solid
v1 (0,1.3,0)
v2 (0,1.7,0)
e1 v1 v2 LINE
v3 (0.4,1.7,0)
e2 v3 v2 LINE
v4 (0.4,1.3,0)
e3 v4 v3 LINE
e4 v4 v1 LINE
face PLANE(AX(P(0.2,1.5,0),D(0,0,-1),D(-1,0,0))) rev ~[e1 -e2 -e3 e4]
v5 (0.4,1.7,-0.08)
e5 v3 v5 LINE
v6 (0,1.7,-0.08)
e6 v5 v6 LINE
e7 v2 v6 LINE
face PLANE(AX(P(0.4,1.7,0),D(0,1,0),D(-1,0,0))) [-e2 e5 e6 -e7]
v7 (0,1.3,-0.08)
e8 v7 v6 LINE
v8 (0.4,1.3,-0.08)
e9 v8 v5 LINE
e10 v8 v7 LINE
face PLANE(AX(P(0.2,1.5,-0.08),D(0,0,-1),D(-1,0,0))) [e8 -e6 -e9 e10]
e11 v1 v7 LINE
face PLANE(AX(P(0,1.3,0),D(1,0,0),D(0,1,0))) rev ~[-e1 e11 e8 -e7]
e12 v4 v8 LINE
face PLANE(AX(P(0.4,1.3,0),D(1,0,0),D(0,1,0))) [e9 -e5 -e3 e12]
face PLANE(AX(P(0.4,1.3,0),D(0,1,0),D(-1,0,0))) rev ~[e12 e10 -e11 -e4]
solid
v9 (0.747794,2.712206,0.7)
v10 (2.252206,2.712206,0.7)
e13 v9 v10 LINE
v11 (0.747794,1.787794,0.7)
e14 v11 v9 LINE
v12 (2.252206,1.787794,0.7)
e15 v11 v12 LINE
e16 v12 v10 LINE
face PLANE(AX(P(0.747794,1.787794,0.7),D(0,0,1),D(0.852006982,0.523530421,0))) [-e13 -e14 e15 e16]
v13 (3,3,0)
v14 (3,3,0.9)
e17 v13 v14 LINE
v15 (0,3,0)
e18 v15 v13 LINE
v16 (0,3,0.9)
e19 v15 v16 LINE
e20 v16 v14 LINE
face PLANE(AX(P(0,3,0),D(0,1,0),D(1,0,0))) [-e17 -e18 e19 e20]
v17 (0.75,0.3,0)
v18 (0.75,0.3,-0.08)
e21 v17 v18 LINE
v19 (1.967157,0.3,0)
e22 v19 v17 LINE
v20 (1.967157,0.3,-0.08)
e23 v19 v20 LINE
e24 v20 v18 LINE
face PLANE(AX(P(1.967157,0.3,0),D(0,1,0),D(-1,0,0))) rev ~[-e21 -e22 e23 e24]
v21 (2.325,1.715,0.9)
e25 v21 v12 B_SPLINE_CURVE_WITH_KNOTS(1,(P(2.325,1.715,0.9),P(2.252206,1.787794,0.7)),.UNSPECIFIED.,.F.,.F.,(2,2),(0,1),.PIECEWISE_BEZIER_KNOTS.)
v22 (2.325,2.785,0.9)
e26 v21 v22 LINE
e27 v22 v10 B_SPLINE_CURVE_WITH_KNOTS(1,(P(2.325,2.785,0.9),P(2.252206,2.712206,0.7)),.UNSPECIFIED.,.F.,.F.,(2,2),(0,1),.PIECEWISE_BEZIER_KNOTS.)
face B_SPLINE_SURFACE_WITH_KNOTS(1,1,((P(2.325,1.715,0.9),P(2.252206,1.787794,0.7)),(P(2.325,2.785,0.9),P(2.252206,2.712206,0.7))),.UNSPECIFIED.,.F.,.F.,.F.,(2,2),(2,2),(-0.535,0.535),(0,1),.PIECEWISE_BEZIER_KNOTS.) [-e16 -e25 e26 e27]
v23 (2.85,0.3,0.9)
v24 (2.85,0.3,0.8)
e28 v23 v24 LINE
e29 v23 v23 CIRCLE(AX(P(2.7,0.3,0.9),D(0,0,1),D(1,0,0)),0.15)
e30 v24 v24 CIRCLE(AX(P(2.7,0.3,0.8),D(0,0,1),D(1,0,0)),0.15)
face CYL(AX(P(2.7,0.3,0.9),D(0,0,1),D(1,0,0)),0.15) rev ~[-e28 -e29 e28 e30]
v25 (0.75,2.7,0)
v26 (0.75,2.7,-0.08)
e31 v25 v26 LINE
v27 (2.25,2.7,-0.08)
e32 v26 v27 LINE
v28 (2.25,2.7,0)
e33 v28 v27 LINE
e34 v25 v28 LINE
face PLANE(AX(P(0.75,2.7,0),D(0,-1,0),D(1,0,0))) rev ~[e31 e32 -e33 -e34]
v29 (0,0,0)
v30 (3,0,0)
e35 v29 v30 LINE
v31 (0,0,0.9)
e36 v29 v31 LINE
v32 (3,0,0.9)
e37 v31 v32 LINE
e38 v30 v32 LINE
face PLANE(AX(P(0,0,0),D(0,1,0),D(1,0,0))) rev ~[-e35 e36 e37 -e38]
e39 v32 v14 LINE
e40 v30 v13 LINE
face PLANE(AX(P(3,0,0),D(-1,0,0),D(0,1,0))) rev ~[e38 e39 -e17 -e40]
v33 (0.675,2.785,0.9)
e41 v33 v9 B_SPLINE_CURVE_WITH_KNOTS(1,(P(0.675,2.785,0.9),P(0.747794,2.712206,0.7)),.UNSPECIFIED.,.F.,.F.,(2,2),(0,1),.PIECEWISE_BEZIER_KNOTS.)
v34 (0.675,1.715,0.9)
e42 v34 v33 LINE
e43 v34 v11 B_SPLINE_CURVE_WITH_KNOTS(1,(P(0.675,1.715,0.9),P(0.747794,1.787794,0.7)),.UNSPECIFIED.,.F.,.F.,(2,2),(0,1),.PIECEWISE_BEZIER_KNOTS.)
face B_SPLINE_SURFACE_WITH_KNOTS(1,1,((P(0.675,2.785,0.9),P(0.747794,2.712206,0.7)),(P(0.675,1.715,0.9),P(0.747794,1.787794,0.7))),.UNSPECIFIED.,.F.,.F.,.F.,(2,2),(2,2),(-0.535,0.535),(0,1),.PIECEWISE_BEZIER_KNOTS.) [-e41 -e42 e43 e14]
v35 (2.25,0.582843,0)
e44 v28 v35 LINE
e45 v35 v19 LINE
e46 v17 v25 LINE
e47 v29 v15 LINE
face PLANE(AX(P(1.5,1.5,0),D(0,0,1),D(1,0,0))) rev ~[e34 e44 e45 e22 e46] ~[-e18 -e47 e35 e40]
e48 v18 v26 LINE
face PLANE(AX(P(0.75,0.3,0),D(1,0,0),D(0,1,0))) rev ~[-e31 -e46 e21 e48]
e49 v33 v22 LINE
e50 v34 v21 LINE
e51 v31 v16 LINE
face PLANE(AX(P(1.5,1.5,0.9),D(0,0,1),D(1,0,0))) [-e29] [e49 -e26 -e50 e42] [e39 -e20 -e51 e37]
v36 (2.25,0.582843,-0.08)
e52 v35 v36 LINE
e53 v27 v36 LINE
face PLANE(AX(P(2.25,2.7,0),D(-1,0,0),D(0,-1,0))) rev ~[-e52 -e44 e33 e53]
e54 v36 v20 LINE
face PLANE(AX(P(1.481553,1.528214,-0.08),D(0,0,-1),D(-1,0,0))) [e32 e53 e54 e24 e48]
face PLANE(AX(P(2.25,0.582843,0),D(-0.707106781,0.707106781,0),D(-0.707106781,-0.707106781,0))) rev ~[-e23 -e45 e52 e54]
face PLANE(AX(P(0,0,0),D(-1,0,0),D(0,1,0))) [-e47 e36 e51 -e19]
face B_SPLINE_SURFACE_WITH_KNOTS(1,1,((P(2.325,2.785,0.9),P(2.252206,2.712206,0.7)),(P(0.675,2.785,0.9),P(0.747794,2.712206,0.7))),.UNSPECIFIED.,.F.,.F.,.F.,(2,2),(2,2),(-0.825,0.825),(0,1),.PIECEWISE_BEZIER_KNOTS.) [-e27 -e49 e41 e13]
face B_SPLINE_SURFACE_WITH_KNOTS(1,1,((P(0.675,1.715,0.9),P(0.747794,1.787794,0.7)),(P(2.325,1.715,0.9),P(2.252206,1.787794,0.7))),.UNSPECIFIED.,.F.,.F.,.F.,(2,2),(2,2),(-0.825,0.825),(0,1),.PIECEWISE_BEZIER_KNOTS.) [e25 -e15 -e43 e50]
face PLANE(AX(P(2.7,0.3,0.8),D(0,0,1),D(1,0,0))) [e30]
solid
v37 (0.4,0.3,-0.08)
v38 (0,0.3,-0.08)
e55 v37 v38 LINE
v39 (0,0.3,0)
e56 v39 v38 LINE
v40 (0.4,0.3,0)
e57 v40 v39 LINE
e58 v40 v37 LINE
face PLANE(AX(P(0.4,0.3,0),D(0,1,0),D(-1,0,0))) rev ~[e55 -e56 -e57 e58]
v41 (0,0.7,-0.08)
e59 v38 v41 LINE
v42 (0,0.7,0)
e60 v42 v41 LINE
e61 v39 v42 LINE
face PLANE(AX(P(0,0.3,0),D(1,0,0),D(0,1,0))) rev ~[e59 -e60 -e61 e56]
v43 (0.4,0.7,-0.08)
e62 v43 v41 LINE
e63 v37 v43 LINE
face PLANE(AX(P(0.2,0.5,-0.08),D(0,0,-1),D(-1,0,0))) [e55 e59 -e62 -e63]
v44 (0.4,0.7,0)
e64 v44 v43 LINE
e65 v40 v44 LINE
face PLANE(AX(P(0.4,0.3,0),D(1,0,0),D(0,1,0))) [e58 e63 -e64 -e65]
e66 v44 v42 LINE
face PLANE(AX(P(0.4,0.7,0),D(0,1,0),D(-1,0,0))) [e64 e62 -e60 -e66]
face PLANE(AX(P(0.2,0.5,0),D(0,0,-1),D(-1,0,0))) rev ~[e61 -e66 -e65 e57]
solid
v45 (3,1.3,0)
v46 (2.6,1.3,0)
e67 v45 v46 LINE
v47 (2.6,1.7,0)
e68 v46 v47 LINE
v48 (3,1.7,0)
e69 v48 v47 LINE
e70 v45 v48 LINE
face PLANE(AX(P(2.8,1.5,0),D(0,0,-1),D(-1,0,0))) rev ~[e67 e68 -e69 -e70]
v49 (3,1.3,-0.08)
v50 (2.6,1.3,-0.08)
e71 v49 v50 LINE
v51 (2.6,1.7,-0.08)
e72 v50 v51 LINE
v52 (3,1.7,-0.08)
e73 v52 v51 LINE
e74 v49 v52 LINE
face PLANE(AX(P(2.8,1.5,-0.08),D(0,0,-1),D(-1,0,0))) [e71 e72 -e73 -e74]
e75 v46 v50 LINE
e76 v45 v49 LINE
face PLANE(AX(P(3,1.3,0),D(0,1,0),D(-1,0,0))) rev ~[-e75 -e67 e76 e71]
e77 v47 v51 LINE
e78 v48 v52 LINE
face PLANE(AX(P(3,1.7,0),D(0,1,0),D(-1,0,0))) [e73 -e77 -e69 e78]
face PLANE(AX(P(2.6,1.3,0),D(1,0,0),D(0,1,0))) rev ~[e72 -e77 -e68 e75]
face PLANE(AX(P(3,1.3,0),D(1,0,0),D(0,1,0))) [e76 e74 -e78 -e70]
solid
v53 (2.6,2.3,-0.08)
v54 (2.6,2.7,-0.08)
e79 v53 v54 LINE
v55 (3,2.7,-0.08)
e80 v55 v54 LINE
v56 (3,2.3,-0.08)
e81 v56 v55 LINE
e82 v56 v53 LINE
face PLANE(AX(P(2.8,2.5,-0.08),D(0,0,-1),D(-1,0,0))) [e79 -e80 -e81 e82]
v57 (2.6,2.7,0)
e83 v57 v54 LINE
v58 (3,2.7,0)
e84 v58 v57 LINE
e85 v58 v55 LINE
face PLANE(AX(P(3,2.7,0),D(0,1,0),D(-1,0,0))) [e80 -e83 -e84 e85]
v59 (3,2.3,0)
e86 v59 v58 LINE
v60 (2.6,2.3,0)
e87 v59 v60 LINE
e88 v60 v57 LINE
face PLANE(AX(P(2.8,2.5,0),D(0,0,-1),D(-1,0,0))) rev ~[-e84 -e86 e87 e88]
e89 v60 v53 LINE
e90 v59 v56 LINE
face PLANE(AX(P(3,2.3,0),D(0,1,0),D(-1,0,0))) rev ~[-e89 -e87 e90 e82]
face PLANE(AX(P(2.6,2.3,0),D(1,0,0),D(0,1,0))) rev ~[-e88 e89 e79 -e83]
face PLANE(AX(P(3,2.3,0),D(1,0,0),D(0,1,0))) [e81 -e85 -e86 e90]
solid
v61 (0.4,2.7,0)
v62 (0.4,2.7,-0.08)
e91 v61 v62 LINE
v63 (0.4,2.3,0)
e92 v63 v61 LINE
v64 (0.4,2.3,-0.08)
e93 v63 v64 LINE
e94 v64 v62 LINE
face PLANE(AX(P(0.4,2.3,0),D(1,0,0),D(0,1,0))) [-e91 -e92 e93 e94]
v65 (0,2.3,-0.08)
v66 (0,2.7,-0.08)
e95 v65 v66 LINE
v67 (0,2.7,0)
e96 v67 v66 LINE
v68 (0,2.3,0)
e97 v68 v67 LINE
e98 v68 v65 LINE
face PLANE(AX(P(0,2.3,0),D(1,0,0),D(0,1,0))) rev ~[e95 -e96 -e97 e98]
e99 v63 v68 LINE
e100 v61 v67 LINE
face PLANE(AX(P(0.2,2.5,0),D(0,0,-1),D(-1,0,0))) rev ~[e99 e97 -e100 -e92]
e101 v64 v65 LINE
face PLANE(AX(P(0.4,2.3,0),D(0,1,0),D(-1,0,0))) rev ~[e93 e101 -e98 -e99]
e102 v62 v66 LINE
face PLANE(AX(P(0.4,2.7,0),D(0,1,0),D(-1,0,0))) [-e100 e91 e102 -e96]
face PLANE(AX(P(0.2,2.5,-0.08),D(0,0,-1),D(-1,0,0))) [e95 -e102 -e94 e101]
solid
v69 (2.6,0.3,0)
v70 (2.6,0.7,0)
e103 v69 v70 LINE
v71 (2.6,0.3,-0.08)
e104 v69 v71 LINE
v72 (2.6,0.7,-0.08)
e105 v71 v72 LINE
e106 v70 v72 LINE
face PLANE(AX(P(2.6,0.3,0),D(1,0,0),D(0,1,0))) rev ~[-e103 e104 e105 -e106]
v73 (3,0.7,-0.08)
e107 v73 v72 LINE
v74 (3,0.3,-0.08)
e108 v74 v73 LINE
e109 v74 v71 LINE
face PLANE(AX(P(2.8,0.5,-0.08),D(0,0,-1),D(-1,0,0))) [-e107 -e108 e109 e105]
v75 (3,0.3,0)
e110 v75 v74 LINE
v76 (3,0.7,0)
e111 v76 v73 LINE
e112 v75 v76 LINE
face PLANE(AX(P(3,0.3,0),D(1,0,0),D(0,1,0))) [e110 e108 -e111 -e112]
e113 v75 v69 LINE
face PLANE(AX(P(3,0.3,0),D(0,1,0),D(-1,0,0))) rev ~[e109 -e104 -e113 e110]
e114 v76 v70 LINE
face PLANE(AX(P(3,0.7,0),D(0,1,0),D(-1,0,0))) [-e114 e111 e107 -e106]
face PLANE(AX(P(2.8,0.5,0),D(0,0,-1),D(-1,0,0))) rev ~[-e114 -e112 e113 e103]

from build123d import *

# Parameters (mm, degrees)
SKETCH1_W             = 3
SKETCH1_H             = 3
BOSS_EXTRUDE1_DEPTH   = 0.9
SKETCH2_W             = 1.65
SKETCH2_H             = 1.07
CUT_EXTRUDE1_DEPTH    = 0.2
CUT_EXTRUDE1_TAPER    = 20
BOSS_EXTRUDE2_DEPTH   = 0.08
SKETCH4_W             = 0.4
SKETCH4_H             = 0.4
BOSS_EXTRUDE3_DEPTH   = 0.08
BOSS_EXTRUDE3_2_DEPTH = 0.08
BOSS_EXTRUDE3_3_DEPTH = 0.08
BOSS_EXTRUDE3_4_DEPTH = 0.08
BOSS_EXTRUDE3_5_DEPTH = 0.08
BOSS_EXTRUDE3_6_DEPTH = 0.08
SKETCH5_R             = 0.15
CUT_EXTRUDE2_DEPTH    = 0.1


with BuildPart() as part:
    # Sketch1 → Boss-Extrude1 (new body)
    with BuildSketch(Plane.XY):
        with Locations((1.5, 1.5)):
            Rectangle(SKETCH1_W, SKETCH1_H)
    extrude(amount=BOSS_EXTRUDE1_DEPTH)

    # Sketch2 → Cut-Extrude1 (cut)
    with BuildSketch(Plane.XY.offset(0.9)):
        with Locations((1.5, 2.25)):
            Rectangle(SKETCH2_W, SKETCH2_H)
    extrude(amount=-CUT_EXTRUDE1_DEPTH, taper=CUT_EXTRUDE1_TAPER, mode=Mode.SUBTRACT)

    # Sketch3 → Boss-Extrude2 (add)
    with BuildSketch(Plane(origin=(0, 0, 0), x_dir=(-1, 0, 0), z_dir=(0, 0, -1))):
        Polygon((-2.25, 0.582842712), (-1.967157288, 0.3), (-0.75, 0.3), (-0.75, 2.7), (-2.25, 2.7), align=None)
    extrude(amount=BOSS_EXTRUDE2_DEPTH)

    # Sketch5 → Cut-Extrude2 (cut)
    with BuildSketch(Plane.XY.offset(0.9)):
        with Locations((2.7, 0.3)):
            Circle(SKETCH5_R)
    extrude(amount=-CUT_EXTRUDE2_DEPTH, mode=Mode.SUBTRACT)


with BuildPart() as body_2:
    # Sketch4 → Boss-Extrude3 (new body)
    with BuildSketch(Plane(origin=(0, 0, 0), x_dir=(-1, 0, 0), z_dir=(0, 0, -1))):
        with Locations((-2.8, 0.5)):
            Rectangle(SKETCH4_W, SKETCH4_H)
    extrude(amount=BOSS_EXTRUDE3_DEPTH)


with BuildPart() as body_3:
    # Sketch4 → Boss-Extrude3 2 (new body)
    with BuildSketch(Plane(origin=(0, 0, 0), x_dir=(-1, 0, 0), z_dir=(0, 0, -1))):
        with Locations((-2.8, 1.5)):
            Rectangle(SKETCH4_W, SKETCH4_H)
    extrude(amount=BOSS_EXTRUDE3_2_DEPTH)


with BuildPart() as body_4:
    # Sketch4 → Boss-Extrude3 3 (new body)
    with BuildSketch(Plane(origin=(0, 0, 0), x_dir=(-1, 0, 0), z_dir=(0, 0, -1))):
        with Locations((-2.8, 2.5)):
            Rectangle(SKETCH4_W, SKETCH4_H)
    extrude(amount=BOSS_EXTRUDE3_3_DEPTH)


with BuildPart() as body_5:
    # Sketch4 → Boss-Extrude3 4 (new body)
    with BuildSketch(Plane(origin=(0, 0, 0), x_dir=(-1, 0, 0), z_dir=(0, 0, -1))):
        with Locations((-0.2, 2.5)):
            Rectangle(SKETCH4_W, SKETCH4_H)
    extrude(amount=BOSS_EXTRUDE3_4_DEPTH)


with BuildPart() as body_6:
    # Sketch4 → Boss-Extrude3 5 (new body)
    with BuildSketch(Plane(origin=(0, 0, 0), x_dir=(-1, 0, 0), z_dir=(0, 0, -1))):
        with Locations((-0.2, 1.5)):
            Rectangle(SKETCH4_W, SKETCH4_H)
    extrude(amount=BOSS_EXTRUDE3_5_DEPTH)


with BuildPart() as body_7:
    # Sketch4 → Boss-Extrude3 6 (new body)
    with BuildSketch(Plane(origin=(0, 0, 0), x_dir=(-1, 0, 0), z_dir=(0, 0, -1))):
        with Locations((-0.2, 0.5)):
            Rectangle(SKETCH4_W, SKETCH4_H)
    extrude(amount=BOSS_EXTRUDE3_6_DEPTH)


solid = Compound([part.part, body_2.part, body_3.part, body_4.part, body_5.part, body_6.part, body_7.part])
